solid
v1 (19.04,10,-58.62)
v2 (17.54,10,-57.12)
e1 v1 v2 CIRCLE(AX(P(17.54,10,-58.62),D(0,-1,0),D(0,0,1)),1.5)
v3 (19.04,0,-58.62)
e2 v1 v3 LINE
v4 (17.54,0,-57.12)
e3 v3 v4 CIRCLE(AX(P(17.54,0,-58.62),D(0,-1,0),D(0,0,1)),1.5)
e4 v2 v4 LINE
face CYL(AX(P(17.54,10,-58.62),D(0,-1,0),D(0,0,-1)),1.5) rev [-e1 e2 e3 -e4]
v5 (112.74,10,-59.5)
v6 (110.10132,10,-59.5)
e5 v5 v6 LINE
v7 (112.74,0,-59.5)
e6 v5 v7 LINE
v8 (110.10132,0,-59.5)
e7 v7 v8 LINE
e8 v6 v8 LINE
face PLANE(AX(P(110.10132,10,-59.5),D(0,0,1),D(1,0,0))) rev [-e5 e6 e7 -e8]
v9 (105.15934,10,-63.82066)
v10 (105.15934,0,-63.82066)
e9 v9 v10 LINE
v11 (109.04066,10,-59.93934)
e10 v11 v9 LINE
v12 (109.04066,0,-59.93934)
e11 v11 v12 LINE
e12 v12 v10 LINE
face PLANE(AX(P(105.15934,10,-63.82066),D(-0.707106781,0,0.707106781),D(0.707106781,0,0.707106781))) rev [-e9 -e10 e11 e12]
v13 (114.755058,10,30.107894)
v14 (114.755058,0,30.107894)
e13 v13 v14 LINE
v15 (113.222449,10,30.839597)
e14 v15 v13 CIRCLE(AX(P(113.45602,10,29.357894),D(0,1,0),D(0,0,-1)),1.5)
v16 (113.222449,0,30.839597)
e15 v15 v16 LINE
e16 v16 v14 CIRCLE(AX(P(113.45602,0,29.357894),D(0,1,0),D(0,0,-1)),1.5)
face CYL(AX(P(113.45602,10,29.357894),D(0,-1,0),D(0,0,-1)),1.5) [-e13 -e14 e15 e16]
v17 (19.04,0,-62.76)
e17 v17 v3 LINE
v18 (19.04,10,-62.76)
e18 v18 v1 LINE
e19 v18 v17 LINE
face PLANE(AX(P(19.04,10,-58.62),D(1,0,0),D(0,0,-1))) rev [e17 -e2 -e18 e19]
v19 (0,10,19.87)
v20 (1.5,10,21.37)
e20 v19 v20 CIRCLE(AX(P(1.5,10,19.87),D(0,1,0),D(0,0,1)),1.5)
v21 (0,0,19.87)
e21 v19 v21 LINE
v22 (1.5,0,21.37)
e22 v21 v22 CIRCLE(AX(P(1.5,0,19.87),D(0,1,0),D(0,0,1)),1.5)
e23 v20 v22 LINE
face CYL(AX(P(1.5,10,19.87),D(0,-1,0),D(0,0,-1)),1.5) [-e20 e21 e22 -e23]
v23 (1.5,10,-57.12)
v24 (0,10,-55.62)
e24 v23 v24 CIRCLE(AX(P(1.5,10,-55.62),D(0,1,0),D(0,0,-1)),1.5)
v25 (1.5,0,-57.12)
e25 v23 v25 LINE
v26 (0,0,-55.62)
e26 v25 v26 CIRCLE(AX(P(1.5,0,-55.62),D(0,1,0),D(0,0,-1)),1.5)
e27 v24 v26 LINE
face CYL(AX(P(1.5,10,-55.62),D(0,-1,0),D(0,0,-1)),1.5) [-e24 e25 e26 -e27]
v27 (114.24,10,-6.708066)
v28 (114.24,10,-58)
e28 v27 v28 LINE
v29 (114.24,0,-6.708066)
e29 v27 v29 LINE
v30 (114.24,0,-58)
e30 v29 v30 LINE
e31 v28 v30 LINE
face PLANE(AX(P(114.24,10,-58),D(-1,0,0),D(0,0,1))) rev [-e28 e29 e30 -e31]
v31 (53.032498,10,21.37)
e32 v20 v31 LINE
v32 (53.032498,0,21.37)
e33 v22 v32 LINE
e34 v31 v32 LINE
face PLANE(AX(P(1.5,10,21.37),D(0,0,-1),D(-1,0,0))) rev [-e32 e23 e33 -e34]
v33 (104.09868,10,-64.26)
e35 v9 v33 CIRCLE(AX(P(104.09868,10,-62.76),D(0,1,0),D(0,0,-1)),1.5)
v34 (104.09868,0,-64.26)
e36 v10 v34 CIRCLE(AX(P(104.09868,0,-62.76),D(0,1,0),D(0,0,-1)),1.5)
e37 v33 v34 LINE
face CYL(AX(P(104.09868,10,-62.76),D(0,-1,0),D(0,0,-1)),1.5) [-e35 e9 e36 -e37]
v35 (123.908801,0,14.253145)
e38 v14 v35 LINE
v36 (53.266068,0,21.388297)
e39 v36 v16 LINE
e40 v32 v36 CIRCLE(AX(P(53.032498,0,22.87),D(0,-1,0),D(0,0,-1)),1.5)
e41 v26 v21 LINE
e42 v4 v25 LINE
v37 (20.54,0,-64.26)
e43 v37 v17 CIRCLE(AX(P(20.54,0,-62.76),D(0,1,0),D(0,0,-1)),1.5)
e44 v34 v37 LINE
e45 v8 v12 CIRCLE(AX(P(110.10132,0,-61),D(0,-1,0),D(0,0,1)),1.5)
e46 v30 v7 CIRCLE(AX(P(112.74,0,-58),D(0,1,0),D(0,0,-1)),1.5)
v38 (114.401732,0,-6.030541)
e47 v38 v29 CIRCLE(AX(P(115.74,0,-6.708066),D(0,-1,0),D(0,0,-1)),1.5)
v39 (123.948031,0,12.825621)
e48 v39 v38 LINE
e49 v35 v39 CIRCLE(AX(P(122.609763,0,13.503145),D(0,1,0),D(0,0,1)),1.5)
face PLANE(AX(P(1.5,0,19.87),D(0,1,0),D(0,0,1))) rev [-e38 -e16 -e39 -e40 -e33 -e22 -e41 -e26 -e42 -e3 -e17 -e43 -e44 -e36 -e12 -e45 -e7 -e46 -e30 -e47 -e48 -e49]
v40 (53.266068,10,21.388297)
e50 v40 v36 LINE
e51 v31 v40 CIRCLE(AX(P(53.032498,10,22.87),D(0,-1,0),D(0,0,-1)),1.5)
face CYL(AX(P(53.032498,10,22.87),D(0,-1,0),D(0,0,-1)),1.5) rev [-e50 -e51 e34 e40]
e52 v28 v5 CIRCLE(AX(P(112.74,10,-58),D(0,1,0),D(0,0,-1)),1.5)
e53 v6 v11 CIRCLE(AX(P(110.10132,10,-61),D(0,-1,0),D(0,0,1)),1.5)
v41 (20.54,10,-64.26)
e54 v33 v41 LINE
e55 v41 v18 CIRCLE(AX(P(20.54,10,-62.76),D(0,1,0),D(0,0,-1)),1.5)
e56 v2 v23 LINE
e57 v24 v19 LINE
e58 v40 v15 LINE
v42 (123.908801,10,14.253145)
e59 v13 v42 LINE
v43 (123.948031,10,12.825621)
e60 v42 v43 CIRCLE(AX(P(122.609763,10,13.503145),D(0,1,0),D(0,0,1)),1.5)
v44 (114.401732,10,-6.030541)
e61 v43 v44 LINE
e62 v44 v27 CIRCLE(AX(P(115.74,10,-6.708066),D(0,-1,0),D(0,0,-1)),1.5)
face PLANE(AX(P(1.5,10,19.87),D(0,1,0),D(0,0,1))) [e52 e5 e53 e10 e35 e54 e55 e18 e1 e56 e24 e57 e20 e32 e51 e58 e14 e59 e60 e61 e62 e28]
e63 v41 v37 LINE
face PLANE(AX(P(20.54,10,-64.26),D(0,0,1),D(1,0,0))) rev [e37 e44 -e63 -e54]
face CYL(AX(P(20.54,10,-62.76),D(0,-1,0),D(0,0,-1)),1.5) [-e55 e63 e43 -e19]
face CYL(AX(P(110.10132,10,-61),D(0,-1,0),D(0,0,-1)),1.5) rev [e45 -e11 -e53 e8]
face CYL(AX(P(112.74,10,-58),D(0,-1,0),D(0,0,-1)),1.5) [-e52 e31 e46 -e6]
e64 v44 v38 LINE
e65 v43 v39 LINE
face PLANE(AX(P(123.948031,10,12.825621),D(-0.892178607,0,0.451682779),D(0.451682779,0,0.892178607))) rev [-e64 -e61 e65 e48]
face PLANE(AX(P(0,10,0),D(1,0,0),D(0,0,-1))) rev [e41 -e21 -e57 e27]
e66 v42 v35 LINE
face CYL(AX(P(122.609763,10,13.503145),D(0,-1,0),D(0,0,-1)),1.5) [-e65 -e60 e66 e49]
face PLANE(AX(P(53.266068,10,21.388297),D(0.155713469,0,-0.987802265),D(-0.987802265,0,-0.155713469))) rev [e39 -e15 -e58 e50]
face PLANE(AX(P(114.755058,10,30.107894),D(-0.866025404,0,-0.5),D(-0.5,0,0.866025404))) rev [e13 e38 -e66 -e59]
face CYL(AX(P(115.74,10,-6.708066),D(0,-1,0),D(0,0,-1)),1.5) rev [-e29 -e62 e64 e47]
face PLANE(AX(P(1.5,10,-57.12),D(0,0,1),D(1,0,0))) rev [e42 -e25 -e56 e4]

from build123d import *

# Parameters (mm, degrees)
AUFSATZ_LINEAR_AUSTRAGEN1_DEPTH = 10


with BuildPart() as part:
    # Skizze2 → Aufsatz-Linear austragen1 (new body)
    with BuildSketch(Plane(origin=(0, 0, 0), x_dir=(1, 0, 0), z_dir=(0, 1, 0))):
        with BuildLine():
            Line((0, 0), (0, 55.62))
            ThreePointArc((0, 55.62), (0.439339828, 56.680660172), (1.5, 57.12))
            Line((1.5, 57.12), (17.54, 57.12))
            ThreePointArc((17.54, 57.12), (18.600660172, 57.559339828), (19.04, 58.62))
            Line((19.04, 58.62), (19.04, 62.76))
            ThreePointArc((19.04, 62.76), (19.479339828, 63.820660172), (20.54, 64.26))
            Line((20.54, 64.26), (104.098679656, 64.26))
            ThreePointArc((104.098679656, 64.26), (104.672704805, 64.145819299), (105.159339828, 63.820660172))
            Line((105.159339828, 63.820660172), (109.040660172, 59.939339828))
            ThreePointArc((109.040660172, 59.939339828), (109.527295195, 59.614180701), (110.101320344, 59.5))
            Line((110.101320344, 59.5), (112.74, 59.5))
            ThreePointArc((112.74, 59.5), (113.800660172, 59.060660172), (114.24, 58))
            Line((114.24, 58), (114.24, 6.708065653))
            ThreePointArc((114.24, 6.708065653), (114.280993169, 6.359785497), (114.401732089, 6.030541484))
            Line((114.401732089, 6.030541484), (123.948031101, -12.825620738))
            ThreePointArc((123.948031101, -12.825620738), (124.109197107, -13.544350864), (123.908801296, -14.253144906))
            Line((123.908801296, -14.253144906), (114.755057795, -30.10789373))
            ThreePointArc((114.755057795, -30.10789373), (114.102280417, -30.71153588), (113.222449486, -30.839597128))
            Line((113.222449486, -30.839597128), (53.266068474, -21.388296602))
            ThreePointArc((53.266068474, -21.388296602), (53.149641138, -21.374581146), (53.032498271, -21.37))
            Line((53.032498271, -21.37), (1.5, -21.37))
            ThreePointArc((1.5, -21.37), (0.439339828, -20.930660172), (0, -19.87))
            Line((0, -19.87), (0, 0))
        make_face()
    extrude(amount=AUFSATZ_LINEAR_AUSTRAGEN1_DEPTH)


solid = part.part
